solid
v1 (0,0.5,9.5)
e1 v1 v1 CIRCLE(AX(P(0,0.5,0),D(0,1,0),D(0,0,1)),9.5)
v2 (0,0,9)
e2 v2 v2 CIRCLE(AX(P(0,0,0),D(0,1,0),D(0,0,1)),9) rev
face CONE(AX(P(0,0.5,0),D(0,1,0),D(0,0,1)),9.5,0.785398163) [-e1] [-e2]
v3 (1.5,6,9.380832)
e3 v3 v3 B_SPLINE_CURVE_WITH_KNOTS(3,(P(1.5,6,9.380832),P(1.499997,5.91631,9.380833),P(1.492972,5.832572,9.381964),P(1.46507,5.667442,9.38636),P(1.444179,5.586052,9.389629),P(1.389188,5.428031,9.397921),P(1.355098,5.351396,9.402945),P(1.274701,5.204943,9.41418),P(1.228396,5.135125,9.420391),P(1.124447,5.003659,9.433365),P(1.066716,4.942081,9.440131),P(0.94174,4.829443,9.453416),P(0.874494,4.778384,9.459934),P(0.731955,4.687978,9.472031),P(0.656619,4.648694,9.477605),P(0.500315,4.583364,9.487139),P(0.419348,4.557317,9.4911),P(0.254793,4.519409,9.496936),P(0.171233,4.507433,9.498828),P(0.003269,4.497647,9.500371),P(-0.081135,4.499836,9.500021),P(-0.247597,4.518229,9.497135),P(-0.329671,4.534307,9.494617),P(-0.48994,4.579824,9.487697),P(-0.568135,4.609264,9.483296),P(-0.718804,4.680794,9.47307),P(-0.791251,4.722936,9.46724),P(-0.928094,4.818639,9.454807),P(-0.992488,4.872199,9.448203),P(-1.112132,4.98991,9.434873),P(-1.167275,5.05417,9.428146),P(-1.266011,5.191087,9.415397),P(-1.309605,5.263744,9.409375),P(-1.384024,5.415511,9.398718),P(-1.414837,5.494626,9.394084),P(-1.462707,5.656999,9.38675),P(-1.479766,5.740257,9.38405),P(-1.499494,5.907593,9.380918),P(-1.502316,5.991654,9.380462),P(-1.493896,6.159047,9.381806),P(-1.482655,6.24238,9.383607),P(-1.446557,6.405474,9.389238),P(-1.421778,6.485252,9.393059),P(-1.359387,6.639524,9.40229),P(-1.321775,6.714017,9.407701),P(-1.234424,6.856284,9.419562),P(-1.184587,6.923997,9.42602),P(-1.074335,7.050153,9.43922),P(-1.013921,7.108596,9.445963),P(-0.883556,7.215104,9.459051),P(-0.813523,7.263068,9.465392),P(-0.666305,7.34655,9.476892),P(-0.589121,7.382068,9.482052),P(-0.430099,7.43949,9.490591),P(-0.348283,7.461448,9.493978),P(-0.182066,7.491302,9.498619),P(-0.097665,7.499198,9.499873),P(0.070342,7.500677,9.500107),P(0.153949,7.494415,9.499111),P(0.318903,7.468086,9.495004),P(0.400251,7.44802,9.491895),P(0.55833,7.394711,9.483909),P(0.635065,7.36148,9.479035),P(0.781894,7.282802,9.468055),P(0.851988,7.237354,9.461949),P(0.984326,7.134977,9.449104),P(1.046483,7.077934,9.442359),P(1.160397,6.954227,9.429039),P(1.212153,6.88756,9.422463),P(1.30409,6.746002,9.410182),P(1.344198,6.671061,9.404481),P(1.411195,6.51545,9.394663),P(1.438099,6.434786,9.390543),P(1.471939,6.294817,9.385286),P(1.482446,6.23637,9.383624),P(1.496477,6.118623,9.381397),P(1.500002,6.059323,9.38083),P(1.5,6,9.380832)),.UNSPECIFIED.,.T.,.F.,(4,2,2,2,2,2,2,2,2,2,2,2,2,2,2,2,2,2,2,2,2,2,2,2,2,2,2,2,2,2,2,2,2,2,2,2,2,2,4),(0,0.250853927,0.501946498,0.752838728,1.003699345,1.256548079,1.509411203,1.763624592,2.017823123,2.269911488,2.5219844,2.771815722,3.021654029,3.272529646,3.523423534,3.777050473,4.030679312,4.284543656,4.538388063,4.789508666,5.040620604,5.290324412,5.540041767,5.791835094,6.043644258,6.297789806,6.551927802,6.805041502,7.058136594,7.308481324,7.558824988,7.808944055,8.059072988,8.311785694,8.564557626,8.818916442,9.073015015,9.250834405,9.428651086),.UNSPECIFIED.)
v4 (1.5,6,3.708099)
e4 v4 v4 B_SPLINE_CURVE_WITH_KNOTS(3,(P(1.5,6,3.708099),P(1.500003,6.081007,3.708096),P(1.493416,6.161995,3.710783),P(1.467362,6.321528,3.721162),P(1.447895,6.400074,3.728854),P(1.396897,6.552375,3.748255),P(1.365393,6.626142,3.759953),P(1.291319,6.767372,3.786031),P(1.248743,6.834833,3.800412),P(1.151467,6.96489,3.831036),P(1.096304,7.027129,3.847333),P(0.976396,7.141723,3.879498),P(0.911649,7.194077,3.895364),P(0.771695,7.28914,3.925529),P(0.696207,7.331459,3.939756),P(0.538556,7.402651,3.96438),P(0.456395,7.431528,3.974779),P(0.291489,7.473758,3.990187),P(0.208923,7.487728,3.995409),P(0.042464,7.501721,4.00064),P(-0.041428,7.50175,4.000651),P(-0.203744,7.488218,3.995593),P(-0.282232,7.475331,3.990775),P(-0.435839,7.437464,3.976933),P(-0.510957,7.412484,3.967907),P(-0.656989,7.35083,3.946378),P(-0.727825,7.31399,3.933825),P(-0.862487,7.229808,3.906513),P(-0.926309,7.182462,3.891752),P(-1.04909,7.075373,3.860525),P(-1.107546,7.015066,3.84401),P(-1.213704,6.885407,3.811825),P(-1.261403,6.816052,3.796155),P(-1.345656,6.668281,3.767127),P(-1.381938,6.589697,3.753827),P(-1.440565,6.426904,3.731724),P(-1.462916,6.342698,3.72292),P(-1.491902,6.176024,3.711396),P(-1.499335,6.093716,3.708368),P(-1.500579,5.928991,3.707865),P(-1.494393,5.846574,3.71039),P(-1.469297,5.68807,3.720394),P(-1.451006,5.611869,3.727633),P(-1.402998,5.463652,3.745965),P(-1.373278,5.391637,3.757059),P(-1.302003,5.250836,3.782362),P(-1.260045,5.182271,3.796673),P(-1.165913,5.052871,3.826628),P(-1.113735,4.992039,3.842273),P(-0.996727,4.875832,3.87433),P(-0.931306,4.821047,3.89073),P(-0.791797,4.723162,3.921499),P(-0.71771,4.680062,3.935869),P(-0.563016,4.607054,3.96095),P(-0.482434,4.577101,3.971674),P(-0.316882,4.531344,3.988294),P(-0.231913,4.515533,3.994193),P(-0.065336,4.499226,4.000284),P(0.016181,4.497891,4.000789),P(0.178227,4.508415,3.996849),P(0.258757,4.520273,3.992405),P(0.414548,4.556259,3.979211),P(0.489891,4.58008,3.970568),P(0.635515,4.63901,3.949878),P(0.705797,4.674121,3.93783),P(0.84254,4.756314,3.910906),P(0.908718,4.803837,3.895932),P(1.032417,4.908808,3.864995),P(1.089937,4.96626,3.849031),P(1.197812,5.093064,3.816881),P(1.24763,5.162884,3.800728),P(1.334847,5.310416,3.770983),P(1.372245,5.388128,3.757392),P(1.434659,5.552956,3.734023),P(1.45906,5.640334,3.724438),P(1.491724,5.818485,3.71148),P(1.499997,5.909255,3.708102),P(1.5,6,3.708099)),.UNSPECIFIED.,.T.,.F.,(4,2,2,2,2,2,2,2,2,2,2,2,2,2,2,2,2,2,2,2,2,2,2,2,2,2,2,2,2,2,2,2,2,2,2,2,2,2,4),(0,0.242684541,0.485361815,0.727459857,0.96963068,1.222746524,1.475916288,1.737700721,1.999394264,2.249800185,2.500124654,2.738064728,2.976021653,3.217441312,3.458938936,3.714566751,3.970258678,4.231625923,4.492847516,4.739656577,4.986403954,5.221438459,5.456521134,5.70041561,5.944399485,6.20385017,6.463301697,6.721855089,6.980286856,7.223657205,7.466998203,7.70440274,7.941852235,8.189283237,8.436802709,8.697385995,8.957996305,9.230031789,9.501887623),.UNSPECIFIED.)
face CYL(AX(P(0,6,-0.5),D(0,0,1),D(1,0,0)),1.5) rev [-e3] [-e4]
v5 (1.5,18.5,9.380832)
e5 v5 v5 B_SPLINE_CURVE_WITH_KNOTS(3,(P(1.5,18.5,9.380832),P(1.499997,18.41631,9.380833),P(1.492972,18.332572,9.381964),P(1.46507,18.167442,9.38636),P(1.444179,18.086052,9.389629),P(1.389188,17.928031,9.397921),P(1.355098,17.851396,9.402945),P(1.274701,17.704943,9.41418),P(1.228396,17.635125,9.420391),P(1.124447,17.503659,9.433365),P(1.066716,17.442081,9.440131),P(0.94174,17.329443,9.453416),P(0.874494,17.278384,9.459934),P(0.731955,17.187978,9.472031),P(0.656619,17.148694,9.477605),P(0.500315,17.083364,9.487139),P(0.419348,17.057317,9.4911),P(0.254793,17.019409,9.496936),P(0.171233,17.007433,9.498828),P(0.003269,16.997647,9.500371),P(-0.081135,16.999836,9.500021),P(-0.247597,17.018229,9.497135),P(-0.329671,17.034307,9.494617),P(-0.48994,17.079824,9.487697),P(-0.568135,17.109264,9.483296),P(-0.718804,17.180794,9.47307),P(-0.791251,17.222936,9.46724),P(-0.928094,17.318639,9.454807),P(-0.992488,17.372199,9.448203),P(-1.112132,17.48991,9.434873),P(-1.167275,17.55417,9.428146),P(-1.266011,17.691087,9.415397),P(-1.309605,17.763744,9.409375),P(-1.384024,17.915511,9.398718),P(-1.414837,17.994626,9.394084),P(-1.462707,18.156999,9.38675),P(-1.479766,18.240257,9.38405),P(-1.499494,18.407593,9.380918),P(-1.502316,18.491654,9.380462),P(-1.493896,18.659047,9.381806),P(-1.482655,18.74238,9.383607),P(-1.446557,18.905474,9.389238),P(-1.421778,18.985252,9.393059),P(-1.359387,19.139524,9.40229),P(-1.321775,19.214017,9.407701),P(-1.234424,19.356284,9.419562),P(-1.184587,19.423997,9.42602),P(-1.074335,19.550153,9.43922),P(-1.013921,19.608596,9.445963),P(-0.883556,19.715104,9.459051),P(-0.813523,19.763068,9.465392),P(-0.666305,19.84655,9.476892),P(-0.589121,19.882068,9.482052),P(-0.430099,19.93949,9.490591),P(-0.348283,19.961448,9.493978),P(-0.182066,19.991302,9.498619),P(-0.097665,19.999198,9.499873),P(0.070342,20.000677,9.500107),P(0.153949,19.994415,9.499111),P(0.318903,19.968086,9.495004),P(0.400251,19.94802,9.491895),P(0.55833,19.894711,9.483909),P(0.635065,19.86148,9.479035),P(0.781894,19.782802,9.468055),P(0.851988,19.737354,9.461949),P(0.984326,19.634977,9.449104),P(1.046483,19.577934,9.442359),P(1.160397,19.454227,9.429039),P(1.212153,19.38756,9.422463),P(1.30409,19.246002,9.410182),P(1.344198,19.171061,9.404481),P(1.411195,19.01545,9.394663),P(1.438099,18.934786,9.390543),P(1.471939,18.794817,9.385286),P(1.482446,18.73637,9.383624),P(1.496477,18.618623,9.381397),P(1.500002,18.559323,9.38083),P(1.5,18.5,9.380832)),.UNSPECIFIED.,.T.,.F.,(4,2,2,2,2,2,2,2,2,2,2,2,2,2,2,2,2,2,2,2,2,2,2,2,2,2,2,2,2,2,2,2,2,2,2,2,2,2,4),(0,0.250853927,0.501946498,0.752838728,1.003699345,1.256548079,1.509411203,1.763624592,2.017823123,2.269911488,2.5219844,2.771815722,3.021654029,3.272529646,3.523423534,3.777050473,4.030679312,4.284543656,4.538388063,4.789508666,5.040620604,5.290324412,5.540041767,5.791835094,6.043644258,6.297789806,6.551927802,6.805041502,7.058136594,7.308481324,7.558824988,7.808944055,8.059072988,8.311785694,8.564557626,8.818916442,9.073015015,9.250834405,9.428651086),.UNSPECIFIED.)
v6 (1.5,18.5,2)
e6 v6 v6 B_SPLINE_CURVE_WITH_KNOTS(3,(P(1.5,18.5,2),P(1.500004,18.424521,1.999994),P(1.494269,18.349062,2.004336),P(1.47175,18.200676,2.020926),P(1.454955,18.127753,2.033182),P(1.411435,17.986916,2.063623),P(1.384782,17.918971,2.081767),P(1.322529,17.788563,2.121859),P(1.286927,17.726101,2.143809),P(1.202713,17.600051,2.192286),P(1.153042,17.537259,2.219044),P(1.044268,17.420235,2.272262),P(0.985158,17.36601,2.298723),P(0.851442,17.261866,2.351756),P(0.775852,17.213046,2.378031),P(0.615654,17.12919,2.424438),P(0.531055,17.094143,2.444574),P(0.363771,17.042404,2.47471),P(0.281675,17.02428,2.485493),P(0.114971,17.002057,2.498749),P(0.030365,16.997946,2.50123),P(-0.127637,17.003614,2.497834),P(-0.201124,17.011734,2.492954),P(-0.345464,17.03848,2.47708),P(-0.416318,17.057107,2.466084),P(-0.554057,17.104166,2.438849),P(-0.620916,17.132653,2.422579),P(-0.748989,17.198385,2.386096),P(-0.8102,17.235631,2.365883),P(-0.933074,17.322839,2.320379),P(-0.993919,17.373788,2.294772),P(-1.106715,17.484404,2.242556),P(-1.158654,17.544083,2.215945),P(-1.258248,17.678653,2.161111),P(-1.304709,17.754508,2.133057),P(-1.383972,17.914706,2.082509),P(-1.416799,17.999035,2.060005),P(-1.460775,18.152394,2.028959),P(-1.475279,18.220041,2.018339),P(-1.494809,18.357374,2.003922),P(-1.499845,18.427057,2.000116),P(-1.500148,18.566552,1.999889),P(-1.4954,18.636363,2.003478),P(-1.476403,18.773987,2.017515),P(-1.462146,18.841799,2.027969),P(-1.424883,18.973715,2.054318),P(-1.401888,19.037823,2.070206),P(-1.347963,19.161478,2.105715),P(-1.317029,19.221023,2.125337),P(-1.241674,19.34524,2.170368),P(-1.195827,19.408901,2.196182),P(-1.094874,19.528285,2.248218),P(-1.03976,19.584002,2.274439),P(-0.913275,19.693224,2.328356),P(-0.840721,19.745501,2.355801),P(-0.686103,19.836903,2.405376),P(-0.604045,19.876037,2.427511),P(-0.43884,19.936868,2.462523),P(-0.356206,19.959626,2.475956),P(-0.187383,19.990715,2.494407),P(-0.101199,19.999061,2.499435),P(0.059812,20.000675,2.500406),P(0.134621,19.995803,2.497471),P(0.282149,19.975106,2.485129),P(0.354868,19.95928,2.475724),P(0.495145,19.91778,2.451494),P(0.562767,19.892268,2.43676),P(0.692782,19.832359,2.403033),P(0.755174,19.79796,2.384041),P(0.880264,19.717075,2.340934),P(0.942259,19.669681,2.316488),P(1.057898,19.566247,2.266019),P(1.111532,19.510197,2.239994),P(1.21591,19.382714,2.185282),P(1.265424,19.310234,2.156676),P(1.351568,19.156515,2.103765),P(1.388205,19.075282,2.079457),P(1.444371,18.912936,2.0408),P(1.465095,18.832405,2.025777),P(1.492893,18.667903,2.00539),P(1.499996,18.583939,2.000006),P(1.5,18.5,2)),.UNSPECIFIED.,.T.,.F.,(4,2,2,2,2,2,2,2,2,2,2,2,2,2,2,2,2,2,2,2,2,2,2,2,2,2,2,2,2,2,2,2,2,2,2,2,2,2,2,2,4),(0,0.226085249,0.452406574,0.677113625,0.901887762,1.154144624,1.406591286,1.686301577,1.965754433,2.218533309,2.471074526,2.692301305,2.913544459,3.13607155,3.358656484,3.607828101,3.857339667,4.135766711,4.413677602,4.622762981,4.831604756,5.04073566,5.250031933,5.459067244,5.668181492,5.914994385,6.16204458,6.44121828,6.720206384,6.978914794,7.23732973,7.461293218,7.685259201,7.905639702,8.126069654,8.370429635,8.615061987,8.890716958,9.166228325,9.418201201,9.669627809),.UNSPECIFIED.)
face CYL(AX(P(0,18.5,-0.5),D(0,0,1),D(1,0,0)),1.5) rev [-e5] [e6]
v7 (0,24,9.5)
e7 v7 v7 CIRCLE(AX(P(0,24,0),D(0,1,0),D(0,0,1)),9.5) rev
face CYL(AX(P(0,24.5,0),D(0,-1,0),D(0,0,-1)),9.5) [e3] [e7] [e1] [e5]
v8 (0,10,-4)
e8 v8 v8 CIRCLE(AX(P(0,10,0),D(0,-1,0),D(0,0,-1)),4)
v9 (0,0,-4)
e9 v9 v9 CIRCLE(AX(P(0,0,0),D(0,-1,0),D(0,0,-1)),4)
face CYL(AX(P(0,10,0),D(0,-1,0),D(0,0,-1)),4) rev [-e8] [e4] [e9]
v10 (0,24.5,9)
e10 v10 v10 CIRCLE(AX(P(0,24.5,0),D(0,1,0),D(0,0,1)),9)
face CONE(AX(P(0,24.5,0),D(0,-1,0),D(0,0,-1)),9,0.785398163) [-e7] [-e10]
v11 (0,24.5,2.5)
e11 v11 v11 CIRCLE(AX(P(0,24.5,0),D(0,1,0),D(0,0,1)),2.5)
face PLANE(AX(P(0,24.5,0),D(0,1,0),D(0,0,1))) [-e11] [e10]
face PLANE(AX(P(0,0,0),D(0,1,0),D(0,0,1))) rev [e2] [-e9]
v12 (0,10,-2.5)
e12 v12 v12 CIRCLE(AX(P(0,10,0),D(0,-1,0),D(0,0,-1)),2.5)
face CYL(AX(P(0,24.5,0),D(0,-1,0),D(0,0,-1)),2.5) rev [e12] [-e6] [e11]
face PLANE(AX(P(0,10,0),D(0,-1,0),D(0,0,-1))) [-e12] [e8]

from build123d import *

# Parameters (mm, degrees)
SKETCH_1_R          = 9.5
SKETCH_1_R_2        = 2.5
EXTRUDE_1_DEPTH     = 24.5
CHAMFER_1_SIZE      = 0.5
SKETCH_2_R          = 4
CUT_EXTRUDE_1_DEPTH = 10
SKETCH_3_R          = 1.5
CUT_EXTRUDE_2_DEPTH = 10


with BuildPart() as part:
    # 草图1 → 凸台-拉伸1 (new body)
    with BuildSketch(Plane(origin=(0, 0, 0), x_dir=(1, 0, 0), z_dir=(0, 1, 0))):
        with Locations(Location((0, 0, 0), (0, 0, 270))):
            Circle(SKETCH_1_R)
        with Locations(Location((0, 0, 0), (0, 0, 270))):
            Circle(SKETCH_1_R_2, mode=Mode.SUBTRACT)
    extrude(amount=EXTRUDE_1_DEPTH)

    # 倒角1
    chamfer_1_edges = [part.edges().sort_by_distance(p)[0] for p in [
        (0, 0, -9.5),
        (0, 24.5, -9.5),
    ]]
    chamfer(chamfer_1_edges, length=CHAMFER_1_SIZE)

    # 草图2 → 切除-拉伸1 (cut)
    with BuildSketch(Plane.XZ):
        with Locations(Location((0, 0, 0), (0, 0, 270))):
            Circle(SKETCH_2_R)
    extrude(amount=-CUT_EXTRUDE_1_DEPTH, mode=Mode.SUBTRACT)

    # 草图3 → 切除-拉伸2 (cut)
    with BuildSketch(Plane.XY.offset(9.5)):
        with Locations((0, 6)):
            Circle(SKETCH_3_R)
        with Locations((0, 18.5)):
            Circle(SKETCH_3_R)
    extrude(amount=-CUT_EXTRUDE_2_DEPTH, mode=Mode.SUBTRACT)


solid = part.part
